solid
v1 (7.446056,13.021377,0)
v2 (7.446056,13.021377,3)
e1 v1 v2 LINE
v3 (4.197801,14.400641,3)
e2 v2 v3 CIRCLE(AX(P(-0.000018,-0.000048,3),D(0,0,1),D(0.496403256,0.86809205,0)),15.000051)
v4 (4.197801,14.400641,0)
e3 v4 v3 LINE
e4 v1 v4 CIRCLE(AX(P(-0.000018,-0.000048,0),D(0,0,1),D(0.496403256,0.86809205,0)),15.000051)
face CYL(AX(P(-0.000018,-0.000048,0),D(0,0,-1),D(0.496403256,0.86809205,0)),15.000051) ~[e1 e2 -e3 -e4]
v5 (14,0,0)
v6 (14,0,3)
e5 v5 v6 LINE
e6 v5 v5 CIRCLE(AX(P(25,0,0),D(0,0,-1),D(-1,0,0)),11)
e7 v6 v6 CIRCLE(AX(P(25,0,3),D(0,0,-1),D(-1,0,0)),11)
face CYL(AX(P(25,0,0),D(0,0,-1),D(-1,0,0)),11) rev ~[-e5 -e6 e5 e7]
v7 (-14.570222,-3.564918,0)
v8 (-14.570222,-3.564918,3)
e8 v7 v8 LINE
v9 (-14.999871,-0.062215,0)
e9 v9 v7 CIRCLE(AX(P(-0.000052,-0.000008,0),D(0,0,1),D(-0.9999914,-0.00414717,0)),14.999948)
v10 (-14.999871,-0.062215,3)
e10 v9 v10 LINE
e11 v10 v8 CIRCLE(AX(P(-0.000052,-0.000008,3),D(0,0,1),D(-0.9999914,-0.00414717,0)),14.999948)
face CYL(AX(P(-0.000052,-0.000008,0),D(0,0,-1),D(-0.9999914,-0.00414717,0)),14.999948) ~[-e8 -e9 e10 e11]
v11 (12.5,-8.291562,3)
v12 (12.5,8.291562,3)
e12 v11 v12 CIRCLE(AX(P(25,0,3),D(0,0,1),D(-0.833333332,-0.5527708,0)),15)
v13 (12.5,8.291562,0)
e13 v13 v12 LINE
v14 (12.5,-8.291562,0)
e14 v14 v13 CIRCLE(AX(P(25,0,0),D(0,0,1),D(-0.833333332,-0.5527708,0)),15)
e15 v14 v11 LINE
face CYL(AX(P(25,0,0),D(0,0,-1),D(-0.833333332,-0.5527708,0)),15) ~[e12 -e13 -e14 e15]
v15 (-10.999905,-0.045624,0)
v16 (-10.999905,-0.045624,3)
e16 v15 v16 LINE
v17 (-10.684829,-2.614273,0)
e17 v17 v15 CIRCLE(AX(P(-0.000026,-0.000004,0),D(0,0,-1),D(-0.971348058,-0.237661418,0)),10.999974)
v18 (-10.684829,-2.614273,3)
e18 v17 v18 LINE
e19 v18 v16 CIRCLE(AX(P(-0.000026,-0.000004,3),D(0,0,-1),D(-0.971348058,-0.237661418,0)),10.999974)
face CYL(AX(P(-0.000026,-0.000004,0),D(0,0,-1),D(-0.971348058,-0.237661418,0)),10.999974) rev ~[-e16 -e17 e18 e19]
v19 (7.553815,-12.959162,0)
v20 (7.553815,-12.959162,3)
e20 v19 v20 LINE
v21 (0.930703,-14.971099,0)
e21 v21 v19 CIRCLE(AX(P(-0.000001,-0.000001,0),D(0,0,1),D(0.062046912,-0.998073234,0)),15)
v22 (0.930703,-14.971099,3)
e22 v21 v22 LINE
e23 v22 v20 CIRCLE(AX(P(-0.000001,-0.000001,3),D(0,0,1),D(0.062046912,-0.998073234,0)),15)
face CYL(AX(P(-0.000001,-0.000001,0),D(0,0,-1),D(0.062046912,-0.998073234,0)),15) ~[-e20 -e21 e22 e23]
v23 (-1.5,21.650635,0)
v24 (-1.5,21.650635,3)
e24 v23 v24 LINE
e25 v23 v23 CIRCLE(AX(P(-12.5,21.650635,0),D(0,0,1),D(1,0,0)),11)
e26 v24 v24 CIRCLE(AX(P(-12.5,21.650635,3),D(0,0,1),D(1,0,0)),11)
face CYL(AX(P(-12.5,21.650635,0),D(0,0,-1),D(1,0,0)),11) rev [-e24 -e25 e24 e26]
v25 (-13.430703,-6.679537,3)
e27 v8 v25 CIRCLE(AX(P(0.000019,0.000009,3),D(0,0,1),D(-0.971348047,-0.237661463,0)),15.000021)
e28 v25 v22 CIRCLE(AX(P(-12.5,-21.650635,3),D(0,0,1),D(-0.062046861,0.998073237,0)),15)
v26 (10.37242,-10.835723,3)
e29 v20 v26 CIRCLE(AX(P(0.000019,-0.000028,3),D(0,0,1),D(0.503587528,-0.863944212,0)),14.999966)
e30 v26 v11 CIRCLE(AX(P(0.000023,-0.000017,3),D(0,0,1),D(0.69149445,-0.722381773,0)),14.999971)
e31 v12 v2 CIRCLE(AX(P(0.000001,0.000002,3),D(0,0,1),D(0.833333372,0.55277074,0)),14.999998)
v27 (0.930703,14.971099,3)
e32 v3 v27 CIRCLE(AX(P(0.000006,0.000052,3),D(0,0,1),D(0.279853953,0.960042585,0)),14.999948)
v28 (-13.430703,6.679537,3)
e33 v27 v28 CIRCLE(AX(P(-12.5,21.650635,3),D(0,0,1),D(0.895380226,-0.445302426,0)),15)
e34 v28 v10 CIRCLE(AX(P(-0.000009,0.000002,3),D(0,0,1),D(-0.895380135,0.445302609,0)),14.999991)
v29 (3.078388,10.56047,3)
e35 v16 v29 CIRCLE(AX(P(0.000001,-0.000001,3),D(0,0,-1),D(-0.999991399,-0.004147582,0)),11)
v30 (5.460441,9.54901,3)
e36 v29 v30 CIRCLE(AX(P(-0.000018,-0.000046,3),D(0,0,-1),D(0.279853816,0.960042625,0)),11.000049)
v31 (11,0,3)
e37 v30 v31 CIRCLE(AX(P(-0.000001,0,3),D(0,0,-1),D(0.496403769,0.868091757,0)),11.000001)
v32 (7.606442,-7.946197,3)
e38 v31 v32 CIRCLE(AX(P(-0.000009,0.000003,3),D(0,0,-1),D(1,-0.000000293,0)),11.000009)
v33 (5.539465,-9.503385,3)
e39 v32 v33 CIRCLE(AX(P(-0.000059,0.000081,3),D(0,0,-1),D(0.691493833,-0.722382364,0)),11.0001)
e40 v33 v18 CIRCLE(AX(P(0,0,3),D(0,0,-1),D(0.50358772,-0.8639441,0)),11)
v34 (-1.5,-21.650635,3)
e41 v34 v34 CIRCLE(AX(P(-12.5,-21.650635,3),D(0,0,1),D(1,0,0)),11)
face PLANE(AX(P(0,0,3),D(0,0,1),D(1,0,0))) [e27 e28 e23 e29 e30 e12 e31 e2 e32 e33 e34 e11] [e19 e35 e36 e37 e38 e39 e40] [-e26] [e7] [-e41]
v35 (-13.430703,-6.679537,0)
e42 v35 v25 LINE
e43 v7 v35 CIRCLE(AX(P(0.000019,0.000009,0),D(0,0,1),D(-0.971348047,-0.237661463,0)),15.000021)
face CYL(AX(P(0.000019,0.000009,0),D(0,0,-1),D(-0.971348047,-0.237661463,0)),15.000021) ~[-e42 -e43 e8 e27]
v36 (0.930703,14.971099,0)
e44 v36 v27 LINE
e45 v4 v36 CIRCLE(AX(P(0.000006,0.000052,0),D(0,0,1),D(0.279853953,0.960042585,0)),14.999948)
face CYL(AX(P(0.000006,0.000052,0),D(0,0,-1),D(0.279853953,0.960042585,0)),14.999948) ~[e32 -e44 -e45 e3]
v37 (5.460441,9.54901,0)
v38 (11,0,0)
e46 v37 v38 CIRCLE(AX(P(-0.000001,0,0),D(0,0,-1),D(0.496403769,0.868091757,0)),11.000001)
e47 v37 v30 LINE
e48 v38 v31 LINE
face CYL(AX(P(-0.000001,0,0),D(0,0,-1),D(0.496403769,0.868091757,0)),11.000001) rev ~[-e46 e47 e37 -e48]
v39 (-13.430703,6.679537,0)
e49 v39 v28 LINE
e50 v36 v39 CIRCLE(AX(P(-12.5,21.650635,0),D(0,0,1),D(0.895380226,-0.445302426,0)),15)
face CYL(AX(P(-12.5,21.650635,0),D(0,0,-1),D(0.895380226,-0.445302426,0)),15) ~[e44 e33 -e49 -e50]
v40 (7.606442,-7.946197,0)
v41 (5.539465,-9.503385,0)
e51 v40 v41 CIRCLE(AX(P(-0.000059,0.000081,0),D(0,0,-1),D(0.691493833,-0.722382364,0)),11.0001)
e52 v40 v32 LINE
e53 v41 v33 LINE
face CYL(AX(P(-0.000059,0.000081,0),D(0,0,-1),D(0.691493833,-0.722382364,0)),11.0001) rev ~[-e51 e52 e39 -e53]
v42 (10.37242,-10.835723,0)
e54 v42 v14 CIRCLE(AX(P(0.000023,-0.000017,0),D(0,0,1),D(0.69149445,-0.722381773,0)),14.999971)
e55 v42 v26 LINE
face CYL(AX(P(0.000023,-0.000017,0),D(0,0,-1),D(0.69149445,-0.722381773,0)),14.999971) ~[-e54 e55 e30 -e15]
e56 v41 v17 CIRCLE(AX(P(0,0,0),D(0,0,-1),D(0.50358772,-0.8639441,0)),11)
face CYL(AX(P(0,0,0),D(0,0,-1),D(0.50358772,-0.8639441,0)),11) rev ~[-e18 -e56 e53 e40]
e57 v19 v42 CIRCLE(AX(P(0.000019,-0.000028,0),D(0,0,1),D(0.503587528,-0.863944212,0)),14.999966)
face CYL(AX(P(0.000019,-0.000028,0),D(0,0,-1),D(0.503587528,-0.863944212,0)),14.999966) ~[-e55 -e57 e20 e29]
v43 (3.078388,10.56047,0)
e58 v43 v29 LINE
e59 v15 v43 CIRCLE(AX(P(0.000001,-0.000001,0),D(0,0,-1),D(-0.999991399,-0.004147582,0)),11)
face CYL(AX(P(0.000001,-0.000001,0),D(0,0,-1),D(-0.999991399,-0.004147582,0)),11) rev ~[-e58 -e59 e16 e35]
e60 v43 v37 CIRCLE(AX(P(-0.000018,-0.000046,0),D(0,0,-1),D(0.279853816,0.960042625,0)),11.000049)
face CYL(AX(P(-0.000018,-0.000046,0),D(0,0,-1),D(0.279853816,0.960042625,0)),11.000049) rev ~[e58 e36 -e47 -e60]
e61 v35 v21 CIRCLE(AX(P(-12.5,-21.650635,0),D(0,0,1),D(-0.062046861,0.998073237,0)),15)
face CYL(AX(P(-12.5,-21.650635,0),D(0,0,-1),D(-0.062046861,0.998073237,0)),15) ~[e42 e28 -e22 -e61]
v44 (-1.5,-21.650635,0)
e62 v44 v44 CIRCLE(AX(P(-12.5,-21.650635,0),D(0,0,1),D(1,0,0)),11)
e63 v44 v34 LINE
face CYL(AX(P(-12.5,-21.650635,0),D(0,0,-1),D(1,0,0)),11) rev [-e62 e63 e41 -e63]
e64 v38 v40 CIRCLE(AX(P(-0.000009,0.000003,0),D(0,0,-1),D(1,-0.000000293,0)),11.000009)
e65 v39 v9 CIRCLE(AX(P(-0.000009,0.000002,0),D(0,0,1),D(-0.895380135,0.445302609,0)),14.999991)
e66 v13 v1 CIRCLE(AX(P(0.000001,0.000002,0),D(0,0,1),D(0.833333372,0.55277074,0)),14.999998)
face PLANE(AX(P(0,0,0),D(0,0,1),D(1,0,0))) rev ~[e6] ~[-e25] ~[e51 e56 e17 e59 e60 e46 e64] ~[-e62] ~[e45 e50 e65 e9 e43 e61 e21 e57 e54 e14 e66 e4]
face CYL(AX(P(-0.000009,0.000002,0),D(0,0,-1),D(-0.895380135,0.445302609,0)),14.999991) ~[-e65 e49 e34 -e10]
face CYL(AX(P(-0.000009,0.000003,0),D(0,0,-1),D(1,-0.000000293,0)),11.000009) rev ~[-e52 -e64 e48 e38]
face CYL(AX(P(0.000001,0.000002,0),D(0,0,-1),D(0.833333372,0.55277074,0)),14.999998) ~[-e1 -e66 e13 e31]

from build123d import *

# Parameters (mm, degrees)
F0_R     = 11
F1_DEPTH = 3


with BuildPart() as f1:
    # F0 (on Top) → F1 (new body)
    with BuildSketch(Plane.XY):
        with BuildLine():
            ThreePointArc((0.930703, -14.971099), (4.359901, -14.352396), (7.553815, -12.959162))
            ThreePointArc((7.553815, -12.959162), (9.025781, -11.980621), (10.37242, -10.835723))
            ThreePointArc((10.37242, -10.835723), (11.506741, -9.622625), (12.5, -8.291562))
            ThreePointArc((12.5, -8.291562), (40, 0), (12.5, 8.291562))
            ThreePointArc((12.5, 8.291562), (10.249589, 10.951983), (7.446056, 13.021377))
            ThreePointArc((7.446056, 13.021377), (5.862631, 13.806866), (4.197801, 14.400641))
            ThreePointArc((4.197801, 14.400641), (2.580067, 14.776443), (0.930703, 14.971099))
            ThreePointArc((0.930703, 14.971099), (-20, 34.641016), (-13.430703, 6.679537))
            ThreePointArc((-13.430703, 6.679537), (-14.60949, 3.400413), (-14.999871, -0.062215))
            ThreePointArc((-14.999871, -0.062215), (-14.888413, -1.826246), (-14.570222, -3.564918))
            ThreePointArc((-14.570222, -3.564918), (-14.086808, -5.153818), (-13.430703, -6.679537))
            ThreePointArc((-13.430703, -6.679537), (-20, -34.641016), (0.930703, -14.971099))
        make_face()
        with Locations((-12.5, -21.650635)):
            Circle(F0_R, mode=Mode.SUBTRACT)
        with BuildLine():
            ThreePointArc((7.606442, -7.946197), (6.618906, -8.785788), (5.539465, -9.503385))
            ThreePointArc((5.539465, -9.503385), (-4.299263, -10.125035), (-10.684829, -2.614273))
            ThreePointArc((-10.684829, -2.614273), (-10.918169, -1.339247), (-10.999905, -0.045624))
            ThreePointArc((-10.999905, -0.045624), (-6.618906, 8.785788), (3.078388, 10.56047))
            ThreePointArc((3.078388, 10.56047), (4.299263, 10.125035), (5.460441, 9.54901))
            ThreePointArc((5.460441, 9.54901), (9.514853, 5.519744), (11, 0))
            ThreePointArc((11, 0), (10.116097, -4.320251), (7.606442, -7.946197))
        make_face(mode=Mode.SUBTRACT)
        with BuildLine():
            ThreePointArc((36, 0), (25, -11), (14, 0))
            ThreePointArc((14, 0), (25, 11), (36, 0))
        make_face(mode=Mode.SUBTRACT)
        with Locations((-12.5, 21.650635)):
            Circle(F0_R, mode=Mode.SUBTRACT)
    extrude(amount=F1_DEPTH)


solid = f1.part
